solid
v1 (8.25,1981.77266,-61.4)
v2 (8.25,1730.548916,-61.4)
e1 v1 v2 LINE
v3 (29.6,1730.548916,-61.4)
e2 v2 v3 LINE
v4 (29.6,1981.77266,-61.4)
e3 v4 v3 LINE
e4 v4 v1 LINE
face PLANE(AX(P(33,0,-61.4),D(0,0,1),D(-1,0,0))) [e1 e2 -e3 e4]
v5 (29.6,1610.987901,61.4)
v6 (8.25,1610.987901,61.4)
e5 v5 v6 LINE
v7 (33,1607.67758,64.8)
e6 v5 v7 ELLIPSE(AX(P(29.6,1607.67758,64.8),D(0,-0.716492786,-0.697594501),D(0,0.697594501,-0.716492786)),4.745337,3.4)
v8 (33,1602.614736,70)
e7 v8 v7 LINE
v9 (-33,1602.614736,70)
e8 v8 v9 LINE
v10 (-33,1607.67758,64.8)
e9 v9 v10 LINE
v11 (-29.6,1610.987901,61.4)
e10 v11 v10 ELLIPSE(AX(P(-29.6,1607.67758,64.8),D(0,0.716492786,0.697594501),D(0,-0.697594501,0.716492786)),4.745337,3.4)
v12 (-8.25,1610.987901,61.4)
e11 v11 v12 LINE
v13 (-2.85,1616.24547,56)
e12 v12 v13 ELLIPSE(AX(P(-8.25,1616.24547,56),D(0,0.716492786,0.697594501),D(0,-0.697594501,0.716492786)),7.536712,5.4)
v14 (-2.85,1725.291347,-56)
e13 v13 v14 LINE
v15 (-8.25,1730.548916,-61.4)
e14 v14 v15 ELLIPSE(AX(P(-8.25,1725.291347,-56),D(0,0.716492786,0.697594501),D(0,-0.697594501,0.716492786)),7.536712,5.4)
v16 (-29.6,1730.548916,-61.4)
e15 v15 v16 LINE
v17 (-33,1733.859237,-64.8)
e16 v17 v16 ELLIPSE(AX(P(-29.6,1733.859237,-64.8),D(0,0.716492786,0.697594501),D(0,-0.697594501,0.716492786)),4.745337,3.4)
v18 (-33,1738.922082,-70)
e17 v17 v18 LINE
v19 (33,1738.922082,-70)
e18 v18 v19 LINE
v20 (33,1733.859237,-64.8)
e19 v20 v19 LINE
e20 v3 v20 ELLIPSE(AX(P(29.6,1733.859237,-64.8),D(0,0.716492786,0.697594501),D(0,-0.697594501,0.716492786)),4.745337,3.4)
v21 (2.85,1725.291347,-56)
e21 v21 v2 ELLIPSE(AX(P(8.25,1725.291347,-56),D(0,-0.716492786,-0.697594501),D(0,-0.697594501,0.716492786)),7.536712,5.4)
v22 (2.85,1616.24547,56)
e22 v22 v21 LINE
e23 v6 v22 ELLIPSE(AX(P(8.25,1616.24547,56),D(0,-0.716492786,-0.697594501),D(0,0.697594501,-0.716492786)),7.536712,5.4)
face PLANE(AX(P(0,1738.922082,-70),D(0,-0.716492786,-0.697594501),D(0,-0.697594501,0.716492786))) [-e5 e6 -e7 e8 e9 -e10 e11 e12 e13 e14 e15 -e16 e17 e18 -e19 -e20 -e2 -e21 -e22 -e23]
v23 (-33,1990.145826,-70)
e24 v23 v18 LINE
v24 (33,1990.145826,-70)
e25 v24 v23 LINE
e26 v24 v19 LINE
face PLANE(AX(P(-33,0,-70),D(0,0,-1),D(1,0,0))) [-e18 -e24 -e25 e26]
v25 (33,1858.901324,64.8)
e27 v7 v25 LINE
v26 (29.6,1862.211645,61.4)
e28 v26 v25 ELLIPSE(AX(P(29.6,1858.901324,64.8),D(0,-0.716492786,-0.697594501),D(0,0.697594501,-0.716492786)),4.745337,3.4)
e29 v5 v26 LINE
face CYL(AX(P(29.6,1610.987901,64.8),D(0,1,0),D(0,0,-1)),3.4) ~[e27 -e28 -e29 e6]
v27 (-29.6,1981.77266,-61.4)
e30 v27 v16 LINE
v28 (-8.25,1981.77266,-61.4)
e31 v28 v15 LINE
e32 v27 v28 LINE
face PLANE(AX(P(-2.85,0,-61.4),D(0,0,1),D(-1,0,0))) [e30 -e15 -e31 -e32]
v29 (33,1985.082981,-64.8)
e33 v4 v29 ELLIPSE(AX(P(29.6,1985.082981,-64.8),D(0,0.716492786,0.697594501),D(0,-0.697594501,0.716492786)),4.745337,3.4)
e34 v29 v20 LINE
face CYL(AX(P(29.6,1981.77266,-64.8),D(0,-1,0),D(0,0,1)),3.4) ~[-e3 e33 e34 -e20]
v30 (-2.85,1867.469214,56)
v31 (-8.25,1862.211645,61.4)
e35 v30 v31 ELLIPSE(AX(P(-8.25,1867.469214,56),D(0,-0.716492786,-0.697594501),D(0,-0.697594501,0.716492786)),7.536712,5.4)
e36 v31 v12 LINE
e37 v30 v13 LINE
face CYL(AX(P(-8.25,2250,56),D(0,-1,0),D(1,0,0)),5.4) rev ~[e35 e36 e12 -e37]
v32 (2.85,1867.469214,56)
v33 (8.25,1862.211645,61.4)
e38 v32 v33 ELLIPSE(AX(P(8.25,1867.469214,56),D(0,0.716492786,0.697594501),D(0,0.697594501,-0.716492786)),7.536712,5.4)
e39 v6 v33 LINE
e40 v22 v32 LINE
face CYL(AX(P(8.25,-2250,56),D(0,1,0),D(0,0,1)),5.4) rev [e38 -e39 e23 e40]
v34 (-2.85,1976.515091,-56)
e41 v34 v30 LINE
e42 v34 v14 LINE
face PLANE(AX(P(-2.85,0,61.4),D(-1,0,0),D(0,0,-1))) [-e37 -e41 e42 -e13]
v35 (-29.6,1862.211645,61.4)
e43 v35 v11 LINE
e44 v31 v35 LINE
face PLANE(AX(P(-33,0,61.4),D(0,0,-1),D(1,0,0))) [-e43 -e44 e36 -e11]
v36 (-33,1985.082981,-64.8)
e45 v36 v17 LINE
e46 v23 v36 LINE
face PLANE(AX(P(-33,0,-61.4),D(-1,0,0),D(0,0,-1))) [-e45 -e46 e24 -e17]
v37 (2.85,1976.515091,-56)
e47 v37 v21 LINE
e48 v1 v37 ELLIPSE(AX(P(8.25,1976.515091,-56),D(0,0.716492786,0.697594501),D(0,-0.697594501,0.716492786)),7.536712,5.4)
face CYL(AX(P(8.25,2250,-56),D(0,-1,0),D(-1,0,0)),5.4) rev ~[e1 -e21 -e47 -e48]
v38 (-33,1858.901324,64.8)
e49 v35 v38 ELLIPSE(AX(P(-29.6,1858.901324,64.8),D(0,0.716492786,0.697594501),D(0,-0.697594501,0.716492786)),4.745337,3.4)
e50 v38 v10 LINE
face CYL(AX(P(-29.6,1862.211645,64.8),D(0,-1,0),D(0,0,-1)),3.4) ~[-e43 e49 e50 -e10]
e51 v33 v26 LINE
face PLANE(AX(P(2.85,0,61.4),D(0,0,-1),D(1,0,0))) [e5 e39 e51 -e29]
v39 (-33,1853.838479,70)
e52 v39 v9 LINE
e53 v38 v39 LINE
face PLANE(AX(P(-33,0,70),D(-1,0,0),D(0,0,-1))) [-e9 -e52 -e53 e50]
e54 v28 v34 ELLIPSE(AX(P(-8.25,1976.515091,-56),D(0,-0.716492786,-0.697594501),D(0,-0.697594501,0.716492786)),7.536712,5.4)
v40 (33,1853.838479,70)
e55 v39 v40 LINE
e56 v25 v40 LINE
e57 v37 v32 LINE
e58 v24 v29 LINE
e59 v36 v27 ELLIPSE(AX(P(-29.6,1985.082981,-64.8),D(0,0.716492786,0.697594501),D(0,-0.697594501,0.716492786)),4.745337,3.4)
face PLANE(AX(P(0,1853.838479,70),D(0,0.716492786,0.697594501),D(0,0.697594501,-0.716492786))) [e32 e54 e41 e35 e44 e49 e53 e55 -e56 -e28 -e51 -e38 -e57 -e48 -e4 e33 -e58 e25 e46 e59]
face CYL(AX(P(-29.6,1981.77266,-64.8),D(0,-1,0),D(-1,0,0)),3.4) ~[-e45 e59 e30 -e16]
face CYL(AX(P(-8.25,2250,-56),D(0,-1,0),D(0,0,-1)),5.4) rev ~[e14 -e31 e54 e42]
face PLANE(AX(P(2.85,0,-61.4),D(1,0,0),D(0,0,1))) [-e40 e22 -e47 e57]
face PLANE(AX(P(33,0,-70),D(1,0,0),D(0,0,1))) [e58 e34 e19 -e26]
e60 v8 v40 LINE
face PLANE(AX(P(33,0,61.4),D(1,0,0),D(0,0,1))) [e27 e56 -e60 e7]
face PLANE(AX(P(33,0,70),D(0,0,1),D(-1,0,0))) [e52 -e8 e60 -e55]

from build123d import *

# Parameters (mm, degrees)
F1_DEPTH      = 2250
F3_R          = 5.4
F4_DEPTH      = 33.001
F4_DEPTH_BACK = 33.001
F6_DEPTH      = 33.001
F6_DEPTH_BACK = 33.001
F7_R          = 3.4


with BuildPart() as f1:
    # F0 (on Front) → F1 (new body, symmetric)
    with BuildSketch(Plane.XZ):
        Polygon((33, 70), (-33, 70), (-33, 61.4), (-2.85, 61.4), (-2.85, -61.4), (-33, -61.4), (-33, -70), (33, -70), (33, -61.4), (2.85, -61.4), (2.85, 61.4), (33, 61.4), align=None)
    extrude(amount=F1_DEPTH, both=True)

    # F3
    f3_edges = [f1.edges().sort_by_distance(p)[0] for p in [
        (2.85, 0, 61.4),
        (-2.85, 0, 61.4),
        (-2.85, 0, -61.4),
        (2.85, 0, -61.4),
    ]]
    fillet(f3_edges, radius=F3_R)

    # F2 (on Right) → F4 (cut, two sides)
    with BuildSketch(Plane.YZ) as f4_sk:
        Polygon((2250, 70), (450.7170761245, -1681.8248605672), (2250, -1681.8248605672), align=None)
        Polygon((450.7170761245, -1681.8248605672), (-1254.9014796783, 70), (-2250, 70), (-2250, -1681.8248605672), align=None)
    extrude(amount=-F4_DEPTH, mode=Mode.SUBTRACT)
    extrude(f4_sk.sketch, amount=F4_DEPTH_BACK, mode=Mode.SUBTRACT)

    # F5 (on Right) → F6 (cut, two sides)
    with BuildSketch(Plane.YZ) as f6_sk:
        Polygon((1738.922081788, -70), (1602.614735553, 70), (-1254.9014796783, 70), (-1118.5941334433, -70), align=None)
        Polygon((1853.8384793795, 70), (1990.1458256145, -70), (2106.2073098671, -70), (2250, 70), align=None)
    extrude(amount=-F6_DEPTH, mode=Mode.SUBTRACT)
    extrude(f6_sk.sketch, amount=F6_DEPTH_BACK, mode=Mode.SUBTRACT)

    # F7
    f7_edges = [f1.edges().sort_by_distance(p)[0] for p in [
        (-33, 1856.160788, -61.4),
        (-33, 1736.599773, 61.4),
        (33, 1856.160788, -61.4),
        (33, 1736.599773, 61.4),
    ]]
    fillet(f7_edges, radius=F7_R)


solid = f1.part
